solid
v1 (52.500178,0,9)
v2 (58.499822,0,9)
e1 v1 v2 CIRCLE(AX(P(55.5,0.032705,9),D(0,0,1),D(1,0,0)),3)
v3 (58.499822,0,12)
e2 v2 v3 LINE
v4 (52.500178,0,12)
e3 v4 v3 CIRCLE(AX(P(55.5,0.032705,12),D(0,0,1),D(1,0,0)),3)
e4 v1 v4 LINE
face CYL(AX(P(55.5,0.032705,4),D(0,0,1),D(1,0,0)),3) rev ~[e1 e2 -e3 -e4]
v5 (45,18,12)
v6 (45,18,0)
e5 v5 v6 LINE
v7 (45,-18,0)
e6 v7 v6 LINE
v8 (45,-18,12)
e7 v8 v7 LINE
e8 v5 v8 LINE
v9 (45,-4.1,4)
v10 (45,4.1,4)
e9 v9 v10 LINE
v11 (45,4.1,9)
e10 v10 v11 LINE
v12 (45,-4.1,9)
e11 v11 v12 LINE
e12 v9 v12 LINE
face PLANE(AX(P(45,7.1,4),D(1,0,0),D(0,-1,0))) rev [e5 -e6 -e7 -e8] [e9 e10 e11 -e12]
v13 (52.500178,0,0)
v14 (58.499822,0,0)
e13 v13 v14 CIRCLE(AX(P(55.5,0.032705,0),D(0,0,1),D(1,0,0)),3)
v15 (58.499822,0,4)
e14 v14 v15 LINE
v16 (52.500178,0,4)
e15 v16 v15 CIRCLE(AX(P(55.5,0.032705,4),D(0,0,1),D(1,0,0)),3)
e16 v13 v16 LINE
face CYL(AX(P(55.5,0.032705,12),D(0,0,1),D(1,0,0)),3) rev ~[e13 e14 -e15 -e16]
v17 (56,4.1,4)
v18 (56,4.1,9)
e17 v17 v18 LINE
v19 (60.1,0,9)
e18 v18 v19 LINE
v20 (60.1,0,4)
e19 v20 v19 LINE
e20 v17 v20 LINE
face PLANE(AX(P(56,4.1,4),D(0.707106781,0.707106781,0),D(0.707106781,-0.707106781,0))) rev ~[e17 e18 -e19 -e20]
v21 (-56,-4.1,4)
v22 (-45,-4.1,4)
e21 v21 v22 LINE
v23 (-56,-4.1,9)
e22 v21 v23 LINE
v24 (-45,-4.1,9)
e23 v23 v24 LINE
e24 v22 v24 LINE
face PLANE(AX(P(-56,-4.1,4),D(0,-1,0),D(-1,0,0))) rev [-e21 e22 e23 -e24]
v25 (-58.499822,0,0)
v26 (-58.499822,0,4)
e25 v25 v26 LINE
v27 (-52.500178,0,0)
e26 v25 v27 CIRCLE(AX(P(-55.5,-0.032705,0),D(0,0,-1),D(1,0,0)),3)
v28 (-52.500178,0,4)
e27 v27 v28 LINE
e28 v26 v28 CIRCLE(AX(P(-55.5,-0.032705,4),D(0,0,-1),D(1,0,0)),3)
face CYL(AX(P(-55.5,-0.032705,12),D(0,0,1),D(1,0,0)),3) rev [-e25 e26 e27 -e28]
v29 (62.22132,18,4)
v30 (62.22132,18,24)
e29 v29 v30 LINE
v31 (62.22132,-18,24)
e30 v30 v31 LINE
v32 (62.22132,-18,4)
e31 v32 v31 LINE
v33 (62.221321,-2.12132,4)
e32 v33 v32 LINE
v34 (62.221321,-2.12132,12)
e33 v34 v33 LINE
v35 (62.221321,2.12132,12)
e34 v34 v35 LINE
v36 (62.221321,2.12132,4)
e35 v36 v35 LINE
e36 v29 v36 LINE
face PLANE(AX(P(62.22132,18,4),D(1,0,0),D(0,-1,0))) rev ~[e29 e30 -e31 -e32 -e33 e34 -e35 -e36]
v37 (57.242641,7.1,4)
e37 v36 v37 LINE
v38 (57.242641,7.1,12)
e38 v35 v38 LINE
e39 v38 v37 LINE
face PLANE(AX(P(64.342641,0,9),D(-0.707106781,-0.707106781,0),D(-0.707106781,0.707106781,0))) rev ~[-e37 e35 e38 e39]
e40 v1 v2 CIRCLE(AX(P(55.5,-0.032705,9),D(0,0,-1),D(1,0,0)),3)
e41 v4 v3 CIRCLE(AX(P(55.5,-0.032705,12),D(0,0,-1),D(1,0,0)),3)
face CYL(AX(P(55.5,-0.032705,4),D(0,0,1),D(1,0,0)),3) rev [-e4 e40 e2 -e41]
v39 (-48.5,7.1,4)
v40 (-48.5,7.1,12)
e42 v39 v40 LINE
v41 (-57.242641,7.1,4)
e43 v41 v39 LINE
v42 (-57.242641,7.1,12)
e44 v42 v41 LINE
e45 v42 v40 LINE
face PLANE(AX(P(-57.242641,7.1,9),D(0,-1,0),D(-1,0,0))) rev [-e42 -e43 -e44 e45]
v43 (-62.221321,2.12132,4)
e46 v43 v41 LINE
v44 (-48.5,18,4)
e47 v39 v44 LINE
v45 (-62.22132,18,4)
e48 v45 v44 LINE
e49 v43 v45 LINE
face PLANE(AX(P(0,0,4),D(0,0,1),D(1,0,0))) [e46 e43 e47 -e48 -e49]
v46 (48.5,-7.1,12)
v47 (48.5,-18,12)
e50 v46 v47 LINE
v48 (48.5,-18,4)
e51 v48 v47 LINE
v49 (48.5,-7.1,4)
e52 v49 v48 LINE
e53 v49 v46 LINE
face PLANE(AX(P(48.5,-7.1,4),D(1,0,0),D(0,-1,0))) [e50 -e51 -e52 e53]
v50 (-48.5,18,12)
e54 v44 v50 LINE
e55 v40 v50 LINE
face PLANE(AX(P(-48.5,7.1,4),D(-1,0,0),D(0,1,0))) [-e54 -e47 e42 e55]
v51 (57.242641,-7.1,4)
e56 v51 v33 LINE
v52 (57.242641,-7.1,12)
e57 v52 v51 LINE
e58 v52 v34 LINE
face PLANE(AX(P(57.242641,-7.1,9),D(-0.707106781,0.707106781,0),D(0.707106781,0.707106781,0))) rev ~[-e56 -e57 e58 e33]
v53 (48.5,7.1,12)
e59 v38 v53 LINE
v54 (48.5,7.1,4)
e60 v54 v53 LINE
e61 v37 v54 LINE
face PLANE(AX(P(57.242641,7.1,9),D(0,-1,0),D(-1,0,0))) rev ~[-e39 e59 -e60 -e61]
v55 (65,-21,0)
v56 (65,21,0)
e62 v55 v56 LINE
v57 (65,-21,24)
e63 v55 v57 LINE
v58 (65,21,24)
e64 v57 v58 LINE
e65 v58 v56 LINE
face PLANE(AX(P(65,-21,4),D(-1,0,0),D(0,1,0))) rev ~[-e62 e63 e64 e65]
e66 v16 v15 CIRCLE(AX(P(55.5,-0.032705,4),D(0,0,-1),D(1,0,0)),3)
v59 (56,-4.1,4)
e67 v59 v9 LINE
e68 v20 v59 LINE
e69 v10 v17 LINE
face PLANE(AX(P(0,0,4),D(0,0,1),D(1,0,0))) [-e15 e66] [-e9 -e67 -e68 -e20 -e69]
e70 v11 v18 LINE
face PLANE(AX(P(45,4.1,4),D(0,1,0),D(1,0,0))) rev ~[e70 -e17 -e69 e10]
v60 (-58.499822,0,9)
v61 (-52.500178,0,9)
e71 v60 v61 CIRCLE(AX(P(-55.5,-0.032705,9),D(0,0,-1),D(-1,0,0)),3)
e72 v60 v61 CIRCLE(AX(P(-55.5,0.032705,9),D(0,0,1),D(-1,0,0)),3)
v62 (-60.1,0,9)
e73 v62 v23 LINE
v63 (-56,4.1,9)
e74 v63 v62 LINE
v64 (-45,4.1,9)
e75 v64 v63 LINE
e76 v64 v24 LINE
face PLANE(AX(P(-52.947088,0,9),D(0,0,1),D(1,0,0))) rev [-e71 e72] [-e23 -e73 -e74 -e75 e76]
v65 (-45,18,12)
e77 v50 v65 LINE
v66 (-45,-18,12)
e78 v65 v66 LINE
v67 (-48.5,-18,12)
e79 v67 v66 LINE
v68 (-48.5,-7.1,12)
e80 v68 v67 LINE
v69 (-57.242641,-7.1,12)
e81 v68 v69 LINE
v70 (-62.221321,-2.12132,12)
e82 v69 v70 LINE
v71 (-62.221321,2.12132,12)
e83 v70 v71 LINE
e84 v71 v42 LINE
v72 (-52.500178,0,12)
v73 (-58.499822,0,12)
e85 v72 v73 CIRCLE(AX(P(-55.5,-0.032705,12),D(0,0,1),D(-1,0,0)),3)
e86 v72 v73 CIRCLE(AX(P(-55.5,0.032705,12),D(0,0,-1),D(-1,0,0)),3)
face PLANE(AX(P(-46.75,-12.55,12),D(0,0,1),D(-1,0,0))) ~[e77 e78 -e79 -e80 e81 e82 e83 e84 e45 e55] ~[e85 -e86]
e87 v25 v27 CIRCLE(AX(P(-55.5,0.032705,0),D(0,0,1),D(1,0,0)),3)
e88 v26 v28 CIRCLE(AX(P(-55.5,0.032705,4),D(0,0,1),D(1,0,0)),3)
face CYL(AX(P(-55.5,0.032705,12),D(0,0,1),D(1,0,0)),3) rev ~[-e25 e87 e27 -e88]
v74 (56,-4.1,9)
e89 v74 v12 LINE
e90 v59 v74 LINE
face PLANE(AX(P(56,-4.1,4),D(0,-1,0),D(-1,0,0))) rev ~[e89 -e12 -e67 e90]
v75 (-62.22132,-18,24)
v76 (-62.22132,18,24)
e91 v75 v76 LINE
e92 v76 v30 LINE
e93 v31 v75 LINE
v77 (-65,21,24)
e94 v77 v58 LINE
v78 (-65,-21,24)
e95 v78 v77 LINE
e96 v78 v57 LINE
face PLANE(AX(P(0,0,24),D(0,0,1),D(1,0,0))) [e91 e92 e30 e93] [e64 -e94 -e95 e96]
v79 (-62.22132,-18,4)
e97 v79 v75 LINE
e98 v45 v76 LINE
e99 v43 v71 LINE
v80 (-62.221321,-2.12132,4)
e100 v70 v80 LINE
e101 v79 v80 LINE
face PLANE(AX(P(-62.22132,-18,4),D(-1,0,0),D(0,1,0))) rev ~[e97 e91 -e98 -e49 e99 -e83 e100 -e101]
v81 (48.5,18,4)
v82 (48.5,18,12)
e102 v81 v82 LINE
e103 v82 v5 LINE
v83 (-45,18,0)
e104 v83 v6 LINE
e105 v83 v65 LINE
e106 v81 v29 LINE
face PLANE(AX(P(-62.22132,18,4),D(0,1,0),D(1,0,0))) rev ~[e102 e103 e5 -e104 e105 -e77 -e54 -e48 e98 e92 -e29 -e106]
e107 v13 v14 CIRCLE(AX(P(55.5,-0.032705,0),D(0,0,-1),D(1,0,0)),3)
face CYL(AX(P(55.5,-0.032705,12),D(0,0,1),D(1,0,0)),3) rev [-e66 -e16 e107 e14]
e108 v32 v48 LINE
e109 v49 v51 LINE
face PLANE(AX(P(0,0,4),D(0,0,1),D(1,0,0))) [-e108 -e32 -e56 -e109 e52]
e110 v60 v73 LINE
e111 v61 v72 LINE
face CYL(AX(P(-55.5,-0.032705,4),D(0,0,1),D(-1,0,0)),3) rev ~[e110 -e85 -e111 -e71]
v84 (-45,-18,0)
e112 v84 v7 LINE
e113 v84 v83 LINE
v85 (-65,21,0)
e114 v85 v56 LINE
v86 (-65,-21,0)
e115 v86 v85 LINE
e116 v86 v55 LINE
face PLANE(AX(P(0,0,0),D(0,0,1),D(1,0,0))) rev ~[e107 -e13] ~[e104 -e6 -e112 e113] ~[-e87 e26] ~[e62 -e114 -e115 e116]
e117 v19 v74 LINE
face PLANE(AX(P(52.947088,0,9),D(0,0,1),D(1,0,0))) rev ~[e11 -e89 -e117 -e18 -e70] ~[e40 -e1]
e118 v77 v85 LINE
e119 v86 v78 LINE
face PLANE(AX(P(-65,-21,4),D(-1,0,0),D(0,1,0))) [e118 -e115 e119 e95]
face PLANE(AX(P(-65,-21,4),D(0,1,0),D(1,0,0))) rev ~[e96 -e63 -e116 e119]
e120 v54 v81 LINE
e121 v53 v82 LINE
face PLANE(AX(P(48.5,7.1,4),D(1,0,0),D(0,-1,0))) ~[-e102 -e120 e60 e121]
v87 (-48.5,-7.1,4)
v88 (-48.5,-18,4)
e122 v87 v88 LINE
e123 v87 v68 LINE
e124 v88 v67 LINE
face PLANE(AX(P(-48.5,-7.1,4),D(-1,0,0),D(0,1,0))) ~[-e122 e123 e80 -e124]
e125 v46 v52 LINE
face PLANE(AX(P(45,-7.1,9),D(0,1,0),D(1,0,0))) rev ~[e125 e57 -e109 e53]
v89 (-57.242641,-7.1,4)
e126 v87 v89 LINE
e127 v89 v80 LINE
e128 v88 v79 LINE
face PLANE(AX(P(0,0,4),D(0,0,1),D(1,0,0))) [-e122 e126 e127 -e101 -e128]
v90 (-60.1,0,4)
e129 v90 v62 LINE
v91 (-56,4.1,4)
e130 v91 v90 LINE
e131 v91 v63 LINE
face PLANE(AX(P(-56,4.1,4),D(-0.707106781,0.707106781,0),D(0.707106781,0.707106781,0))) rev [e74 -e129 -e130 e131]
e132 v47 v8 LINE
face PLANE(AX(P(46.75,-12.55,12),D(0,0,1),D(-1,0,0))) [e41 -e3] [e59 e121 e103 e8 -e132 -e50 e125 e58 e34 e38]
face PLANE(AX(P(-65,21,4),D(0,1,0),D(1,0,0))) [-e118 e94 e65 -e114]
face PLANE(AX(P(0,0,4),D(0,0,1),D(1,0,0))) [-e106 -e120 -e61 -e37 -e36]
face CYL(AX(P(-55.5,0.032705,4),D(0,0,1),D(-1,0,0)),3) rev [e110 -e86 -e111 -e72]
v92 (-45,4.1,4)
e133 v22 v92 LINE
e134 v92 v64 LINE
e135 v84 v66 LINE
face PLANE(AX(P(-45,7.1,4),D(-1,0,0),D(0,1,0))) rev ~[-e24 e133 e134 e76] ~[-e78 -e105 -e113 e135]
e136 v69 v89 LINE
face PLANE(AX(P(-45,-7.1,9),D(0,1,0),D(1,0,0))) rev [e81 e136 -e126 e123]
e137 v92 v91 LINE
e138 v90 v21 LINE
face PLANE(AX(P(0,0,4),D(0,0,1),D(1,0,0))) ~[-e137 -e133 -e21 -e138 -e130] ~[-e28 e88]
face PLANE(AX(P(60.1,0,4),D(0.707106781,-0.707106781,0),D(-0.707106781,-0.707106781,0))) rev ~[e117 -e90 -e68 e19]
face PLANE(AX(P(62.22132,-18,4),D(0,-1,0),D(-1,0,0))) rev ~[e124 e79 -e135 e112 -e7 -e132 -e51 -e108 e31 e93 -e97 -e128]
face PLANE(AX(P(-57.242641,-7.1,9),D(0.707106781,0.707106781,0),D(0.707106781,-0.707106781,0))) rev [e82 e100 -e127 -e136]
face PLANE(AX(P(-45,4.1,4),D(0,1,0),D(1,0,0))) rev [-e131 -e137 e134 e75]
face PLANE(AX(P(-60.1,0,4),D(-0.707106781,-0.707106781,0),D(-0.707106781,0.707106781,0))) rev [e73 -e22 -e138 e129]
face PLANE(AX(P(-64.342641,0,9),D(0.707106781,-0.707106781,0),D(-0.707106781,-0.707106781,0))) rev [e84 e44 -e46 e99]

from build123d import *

# Parameters (mm, degrees)
F0_W      = 130
F0_H      = 42
F0_W_2    = 90
F0_H_2    = 36
F1_DEPTH  = 4
F3_DEPTH  = 5
F5_DEPTH  = 3
F6_SIZE   = 3
F7_R      = 3
F8_DEPTH  = 12.5
F10_R     = 3
F11_DEPTH = 37.9
F12_W     = 130
F12_H     = 42
F13_DEPTH = 20
F14_W     = 3.5
F14_H     = 10.9
F15_DEPTH = 8


with BuildPart() as f1:
    # F0 (on Top) → F1 (new body)
    with BuildSketch(Plane.XY):
        Rectangle(F0_W, F0_H)
        Rectangle(F0_W_2, F0_H_2, mode=Mode.SUBTRACT)
    extrude(amount=F1_DEPTH)

    # F2 (on face) → F3 (join)
    with BuildSketch(Plane.XY.offset(4)):
        Polygon((45, 7.1), (45, 4.1), (56, 4.1), (60.1, 0), (56, -4.1), (45, -4.1), (45, -7.1), (57.242641, -7.1), (64.342641, 0), (57.242641, 7.1), align=None)
    extrude(amount=F3_DEPTH)

    # F4 (on face) → F5 (join)
    with BuildSketch(Plane.XY.offset(9)):
        Polygon((57.242641, 7.1), (45, 7.1), (45, -7.1), (57.242641, -7.1), (64.342641, 0), align=None)
        Polygon((57.242641, 7.1), (45, 7.1), (45, -4.1), (45, -7.1), (57.242641, -7.1), (64.342641, 0), align=None)
    extrude(amount=F5_DEPTH)

    # F6
    f6_edges = [f1.edges().sort_by_distance(p)[0] for p in [
        (64.342641, 0, 8),
    ]]
    chamfer(f6_edges, length=F6_SIZE)

    # F7 (on face) → F8 (cut, symmetric)
    with BuildSketch(Plane.XY.offset(4)):
        with Locations((55.5, 0.032705)):
            Circle(F7_R)
    extrude(amount=F8_DEPTH, both=True, mode=Mode.SUBTRACT)

    # F9: F1 across plane


with BuildPart() as f1_1:
    add(f1.part)
    add(f1.part.mirror(Plane.YZ))

    # F10 (on face) → F11 (cut)
    with BuildSketch(Plane.XY.offset(12)):
        with Locations((-55.5, 0.032705)):
            Circle(F10_R)
        with Locations((55.5, 0.032705)):
            Circle(F10_R)
    extrude(amount=-F11_DEPTH, mode=Mode.SUBTRACT)

    # F12 (on face) → F13 (join)
    with BuildSketch(Plane.XY.offset(4)):
        Rectangle(F12_W, F12_H)
        Polygon((45, 18), (62.22132, 18), (62.22132, 2.12132), (62.22132, -2.12132), (62.22132, -18), (45, -18), (-45, -18), (-62.22132, -18), (-62.22132, -2.12132), (-62.22132, 2.12132), (-62.22132, 18), (-45, 18), align=None, mode=Mode.SUBTRACT)
    extrude(amount=F13_DEPTH)

    # F14 (on face) → F15 (join)
    with BuildSketch(Plane.XY.offset(4)):
        with Locations((-46.75, 12.55)):
            Rectangle(F14_W, F14_H)
    extrude(amount=F15_DEPTH)

    # F16: F1 across plane


with BuildPart() as f1_2:
    add(f1_1.part)
    add(f1_1.part.mirror(Plane.XZ))

    # F17: F1 across plane


with BuildPart() as f1_3:
    add(f1_2.part)
    add(f1_2.part.mirror(Plane.YZ))


solid = f1_3.part
